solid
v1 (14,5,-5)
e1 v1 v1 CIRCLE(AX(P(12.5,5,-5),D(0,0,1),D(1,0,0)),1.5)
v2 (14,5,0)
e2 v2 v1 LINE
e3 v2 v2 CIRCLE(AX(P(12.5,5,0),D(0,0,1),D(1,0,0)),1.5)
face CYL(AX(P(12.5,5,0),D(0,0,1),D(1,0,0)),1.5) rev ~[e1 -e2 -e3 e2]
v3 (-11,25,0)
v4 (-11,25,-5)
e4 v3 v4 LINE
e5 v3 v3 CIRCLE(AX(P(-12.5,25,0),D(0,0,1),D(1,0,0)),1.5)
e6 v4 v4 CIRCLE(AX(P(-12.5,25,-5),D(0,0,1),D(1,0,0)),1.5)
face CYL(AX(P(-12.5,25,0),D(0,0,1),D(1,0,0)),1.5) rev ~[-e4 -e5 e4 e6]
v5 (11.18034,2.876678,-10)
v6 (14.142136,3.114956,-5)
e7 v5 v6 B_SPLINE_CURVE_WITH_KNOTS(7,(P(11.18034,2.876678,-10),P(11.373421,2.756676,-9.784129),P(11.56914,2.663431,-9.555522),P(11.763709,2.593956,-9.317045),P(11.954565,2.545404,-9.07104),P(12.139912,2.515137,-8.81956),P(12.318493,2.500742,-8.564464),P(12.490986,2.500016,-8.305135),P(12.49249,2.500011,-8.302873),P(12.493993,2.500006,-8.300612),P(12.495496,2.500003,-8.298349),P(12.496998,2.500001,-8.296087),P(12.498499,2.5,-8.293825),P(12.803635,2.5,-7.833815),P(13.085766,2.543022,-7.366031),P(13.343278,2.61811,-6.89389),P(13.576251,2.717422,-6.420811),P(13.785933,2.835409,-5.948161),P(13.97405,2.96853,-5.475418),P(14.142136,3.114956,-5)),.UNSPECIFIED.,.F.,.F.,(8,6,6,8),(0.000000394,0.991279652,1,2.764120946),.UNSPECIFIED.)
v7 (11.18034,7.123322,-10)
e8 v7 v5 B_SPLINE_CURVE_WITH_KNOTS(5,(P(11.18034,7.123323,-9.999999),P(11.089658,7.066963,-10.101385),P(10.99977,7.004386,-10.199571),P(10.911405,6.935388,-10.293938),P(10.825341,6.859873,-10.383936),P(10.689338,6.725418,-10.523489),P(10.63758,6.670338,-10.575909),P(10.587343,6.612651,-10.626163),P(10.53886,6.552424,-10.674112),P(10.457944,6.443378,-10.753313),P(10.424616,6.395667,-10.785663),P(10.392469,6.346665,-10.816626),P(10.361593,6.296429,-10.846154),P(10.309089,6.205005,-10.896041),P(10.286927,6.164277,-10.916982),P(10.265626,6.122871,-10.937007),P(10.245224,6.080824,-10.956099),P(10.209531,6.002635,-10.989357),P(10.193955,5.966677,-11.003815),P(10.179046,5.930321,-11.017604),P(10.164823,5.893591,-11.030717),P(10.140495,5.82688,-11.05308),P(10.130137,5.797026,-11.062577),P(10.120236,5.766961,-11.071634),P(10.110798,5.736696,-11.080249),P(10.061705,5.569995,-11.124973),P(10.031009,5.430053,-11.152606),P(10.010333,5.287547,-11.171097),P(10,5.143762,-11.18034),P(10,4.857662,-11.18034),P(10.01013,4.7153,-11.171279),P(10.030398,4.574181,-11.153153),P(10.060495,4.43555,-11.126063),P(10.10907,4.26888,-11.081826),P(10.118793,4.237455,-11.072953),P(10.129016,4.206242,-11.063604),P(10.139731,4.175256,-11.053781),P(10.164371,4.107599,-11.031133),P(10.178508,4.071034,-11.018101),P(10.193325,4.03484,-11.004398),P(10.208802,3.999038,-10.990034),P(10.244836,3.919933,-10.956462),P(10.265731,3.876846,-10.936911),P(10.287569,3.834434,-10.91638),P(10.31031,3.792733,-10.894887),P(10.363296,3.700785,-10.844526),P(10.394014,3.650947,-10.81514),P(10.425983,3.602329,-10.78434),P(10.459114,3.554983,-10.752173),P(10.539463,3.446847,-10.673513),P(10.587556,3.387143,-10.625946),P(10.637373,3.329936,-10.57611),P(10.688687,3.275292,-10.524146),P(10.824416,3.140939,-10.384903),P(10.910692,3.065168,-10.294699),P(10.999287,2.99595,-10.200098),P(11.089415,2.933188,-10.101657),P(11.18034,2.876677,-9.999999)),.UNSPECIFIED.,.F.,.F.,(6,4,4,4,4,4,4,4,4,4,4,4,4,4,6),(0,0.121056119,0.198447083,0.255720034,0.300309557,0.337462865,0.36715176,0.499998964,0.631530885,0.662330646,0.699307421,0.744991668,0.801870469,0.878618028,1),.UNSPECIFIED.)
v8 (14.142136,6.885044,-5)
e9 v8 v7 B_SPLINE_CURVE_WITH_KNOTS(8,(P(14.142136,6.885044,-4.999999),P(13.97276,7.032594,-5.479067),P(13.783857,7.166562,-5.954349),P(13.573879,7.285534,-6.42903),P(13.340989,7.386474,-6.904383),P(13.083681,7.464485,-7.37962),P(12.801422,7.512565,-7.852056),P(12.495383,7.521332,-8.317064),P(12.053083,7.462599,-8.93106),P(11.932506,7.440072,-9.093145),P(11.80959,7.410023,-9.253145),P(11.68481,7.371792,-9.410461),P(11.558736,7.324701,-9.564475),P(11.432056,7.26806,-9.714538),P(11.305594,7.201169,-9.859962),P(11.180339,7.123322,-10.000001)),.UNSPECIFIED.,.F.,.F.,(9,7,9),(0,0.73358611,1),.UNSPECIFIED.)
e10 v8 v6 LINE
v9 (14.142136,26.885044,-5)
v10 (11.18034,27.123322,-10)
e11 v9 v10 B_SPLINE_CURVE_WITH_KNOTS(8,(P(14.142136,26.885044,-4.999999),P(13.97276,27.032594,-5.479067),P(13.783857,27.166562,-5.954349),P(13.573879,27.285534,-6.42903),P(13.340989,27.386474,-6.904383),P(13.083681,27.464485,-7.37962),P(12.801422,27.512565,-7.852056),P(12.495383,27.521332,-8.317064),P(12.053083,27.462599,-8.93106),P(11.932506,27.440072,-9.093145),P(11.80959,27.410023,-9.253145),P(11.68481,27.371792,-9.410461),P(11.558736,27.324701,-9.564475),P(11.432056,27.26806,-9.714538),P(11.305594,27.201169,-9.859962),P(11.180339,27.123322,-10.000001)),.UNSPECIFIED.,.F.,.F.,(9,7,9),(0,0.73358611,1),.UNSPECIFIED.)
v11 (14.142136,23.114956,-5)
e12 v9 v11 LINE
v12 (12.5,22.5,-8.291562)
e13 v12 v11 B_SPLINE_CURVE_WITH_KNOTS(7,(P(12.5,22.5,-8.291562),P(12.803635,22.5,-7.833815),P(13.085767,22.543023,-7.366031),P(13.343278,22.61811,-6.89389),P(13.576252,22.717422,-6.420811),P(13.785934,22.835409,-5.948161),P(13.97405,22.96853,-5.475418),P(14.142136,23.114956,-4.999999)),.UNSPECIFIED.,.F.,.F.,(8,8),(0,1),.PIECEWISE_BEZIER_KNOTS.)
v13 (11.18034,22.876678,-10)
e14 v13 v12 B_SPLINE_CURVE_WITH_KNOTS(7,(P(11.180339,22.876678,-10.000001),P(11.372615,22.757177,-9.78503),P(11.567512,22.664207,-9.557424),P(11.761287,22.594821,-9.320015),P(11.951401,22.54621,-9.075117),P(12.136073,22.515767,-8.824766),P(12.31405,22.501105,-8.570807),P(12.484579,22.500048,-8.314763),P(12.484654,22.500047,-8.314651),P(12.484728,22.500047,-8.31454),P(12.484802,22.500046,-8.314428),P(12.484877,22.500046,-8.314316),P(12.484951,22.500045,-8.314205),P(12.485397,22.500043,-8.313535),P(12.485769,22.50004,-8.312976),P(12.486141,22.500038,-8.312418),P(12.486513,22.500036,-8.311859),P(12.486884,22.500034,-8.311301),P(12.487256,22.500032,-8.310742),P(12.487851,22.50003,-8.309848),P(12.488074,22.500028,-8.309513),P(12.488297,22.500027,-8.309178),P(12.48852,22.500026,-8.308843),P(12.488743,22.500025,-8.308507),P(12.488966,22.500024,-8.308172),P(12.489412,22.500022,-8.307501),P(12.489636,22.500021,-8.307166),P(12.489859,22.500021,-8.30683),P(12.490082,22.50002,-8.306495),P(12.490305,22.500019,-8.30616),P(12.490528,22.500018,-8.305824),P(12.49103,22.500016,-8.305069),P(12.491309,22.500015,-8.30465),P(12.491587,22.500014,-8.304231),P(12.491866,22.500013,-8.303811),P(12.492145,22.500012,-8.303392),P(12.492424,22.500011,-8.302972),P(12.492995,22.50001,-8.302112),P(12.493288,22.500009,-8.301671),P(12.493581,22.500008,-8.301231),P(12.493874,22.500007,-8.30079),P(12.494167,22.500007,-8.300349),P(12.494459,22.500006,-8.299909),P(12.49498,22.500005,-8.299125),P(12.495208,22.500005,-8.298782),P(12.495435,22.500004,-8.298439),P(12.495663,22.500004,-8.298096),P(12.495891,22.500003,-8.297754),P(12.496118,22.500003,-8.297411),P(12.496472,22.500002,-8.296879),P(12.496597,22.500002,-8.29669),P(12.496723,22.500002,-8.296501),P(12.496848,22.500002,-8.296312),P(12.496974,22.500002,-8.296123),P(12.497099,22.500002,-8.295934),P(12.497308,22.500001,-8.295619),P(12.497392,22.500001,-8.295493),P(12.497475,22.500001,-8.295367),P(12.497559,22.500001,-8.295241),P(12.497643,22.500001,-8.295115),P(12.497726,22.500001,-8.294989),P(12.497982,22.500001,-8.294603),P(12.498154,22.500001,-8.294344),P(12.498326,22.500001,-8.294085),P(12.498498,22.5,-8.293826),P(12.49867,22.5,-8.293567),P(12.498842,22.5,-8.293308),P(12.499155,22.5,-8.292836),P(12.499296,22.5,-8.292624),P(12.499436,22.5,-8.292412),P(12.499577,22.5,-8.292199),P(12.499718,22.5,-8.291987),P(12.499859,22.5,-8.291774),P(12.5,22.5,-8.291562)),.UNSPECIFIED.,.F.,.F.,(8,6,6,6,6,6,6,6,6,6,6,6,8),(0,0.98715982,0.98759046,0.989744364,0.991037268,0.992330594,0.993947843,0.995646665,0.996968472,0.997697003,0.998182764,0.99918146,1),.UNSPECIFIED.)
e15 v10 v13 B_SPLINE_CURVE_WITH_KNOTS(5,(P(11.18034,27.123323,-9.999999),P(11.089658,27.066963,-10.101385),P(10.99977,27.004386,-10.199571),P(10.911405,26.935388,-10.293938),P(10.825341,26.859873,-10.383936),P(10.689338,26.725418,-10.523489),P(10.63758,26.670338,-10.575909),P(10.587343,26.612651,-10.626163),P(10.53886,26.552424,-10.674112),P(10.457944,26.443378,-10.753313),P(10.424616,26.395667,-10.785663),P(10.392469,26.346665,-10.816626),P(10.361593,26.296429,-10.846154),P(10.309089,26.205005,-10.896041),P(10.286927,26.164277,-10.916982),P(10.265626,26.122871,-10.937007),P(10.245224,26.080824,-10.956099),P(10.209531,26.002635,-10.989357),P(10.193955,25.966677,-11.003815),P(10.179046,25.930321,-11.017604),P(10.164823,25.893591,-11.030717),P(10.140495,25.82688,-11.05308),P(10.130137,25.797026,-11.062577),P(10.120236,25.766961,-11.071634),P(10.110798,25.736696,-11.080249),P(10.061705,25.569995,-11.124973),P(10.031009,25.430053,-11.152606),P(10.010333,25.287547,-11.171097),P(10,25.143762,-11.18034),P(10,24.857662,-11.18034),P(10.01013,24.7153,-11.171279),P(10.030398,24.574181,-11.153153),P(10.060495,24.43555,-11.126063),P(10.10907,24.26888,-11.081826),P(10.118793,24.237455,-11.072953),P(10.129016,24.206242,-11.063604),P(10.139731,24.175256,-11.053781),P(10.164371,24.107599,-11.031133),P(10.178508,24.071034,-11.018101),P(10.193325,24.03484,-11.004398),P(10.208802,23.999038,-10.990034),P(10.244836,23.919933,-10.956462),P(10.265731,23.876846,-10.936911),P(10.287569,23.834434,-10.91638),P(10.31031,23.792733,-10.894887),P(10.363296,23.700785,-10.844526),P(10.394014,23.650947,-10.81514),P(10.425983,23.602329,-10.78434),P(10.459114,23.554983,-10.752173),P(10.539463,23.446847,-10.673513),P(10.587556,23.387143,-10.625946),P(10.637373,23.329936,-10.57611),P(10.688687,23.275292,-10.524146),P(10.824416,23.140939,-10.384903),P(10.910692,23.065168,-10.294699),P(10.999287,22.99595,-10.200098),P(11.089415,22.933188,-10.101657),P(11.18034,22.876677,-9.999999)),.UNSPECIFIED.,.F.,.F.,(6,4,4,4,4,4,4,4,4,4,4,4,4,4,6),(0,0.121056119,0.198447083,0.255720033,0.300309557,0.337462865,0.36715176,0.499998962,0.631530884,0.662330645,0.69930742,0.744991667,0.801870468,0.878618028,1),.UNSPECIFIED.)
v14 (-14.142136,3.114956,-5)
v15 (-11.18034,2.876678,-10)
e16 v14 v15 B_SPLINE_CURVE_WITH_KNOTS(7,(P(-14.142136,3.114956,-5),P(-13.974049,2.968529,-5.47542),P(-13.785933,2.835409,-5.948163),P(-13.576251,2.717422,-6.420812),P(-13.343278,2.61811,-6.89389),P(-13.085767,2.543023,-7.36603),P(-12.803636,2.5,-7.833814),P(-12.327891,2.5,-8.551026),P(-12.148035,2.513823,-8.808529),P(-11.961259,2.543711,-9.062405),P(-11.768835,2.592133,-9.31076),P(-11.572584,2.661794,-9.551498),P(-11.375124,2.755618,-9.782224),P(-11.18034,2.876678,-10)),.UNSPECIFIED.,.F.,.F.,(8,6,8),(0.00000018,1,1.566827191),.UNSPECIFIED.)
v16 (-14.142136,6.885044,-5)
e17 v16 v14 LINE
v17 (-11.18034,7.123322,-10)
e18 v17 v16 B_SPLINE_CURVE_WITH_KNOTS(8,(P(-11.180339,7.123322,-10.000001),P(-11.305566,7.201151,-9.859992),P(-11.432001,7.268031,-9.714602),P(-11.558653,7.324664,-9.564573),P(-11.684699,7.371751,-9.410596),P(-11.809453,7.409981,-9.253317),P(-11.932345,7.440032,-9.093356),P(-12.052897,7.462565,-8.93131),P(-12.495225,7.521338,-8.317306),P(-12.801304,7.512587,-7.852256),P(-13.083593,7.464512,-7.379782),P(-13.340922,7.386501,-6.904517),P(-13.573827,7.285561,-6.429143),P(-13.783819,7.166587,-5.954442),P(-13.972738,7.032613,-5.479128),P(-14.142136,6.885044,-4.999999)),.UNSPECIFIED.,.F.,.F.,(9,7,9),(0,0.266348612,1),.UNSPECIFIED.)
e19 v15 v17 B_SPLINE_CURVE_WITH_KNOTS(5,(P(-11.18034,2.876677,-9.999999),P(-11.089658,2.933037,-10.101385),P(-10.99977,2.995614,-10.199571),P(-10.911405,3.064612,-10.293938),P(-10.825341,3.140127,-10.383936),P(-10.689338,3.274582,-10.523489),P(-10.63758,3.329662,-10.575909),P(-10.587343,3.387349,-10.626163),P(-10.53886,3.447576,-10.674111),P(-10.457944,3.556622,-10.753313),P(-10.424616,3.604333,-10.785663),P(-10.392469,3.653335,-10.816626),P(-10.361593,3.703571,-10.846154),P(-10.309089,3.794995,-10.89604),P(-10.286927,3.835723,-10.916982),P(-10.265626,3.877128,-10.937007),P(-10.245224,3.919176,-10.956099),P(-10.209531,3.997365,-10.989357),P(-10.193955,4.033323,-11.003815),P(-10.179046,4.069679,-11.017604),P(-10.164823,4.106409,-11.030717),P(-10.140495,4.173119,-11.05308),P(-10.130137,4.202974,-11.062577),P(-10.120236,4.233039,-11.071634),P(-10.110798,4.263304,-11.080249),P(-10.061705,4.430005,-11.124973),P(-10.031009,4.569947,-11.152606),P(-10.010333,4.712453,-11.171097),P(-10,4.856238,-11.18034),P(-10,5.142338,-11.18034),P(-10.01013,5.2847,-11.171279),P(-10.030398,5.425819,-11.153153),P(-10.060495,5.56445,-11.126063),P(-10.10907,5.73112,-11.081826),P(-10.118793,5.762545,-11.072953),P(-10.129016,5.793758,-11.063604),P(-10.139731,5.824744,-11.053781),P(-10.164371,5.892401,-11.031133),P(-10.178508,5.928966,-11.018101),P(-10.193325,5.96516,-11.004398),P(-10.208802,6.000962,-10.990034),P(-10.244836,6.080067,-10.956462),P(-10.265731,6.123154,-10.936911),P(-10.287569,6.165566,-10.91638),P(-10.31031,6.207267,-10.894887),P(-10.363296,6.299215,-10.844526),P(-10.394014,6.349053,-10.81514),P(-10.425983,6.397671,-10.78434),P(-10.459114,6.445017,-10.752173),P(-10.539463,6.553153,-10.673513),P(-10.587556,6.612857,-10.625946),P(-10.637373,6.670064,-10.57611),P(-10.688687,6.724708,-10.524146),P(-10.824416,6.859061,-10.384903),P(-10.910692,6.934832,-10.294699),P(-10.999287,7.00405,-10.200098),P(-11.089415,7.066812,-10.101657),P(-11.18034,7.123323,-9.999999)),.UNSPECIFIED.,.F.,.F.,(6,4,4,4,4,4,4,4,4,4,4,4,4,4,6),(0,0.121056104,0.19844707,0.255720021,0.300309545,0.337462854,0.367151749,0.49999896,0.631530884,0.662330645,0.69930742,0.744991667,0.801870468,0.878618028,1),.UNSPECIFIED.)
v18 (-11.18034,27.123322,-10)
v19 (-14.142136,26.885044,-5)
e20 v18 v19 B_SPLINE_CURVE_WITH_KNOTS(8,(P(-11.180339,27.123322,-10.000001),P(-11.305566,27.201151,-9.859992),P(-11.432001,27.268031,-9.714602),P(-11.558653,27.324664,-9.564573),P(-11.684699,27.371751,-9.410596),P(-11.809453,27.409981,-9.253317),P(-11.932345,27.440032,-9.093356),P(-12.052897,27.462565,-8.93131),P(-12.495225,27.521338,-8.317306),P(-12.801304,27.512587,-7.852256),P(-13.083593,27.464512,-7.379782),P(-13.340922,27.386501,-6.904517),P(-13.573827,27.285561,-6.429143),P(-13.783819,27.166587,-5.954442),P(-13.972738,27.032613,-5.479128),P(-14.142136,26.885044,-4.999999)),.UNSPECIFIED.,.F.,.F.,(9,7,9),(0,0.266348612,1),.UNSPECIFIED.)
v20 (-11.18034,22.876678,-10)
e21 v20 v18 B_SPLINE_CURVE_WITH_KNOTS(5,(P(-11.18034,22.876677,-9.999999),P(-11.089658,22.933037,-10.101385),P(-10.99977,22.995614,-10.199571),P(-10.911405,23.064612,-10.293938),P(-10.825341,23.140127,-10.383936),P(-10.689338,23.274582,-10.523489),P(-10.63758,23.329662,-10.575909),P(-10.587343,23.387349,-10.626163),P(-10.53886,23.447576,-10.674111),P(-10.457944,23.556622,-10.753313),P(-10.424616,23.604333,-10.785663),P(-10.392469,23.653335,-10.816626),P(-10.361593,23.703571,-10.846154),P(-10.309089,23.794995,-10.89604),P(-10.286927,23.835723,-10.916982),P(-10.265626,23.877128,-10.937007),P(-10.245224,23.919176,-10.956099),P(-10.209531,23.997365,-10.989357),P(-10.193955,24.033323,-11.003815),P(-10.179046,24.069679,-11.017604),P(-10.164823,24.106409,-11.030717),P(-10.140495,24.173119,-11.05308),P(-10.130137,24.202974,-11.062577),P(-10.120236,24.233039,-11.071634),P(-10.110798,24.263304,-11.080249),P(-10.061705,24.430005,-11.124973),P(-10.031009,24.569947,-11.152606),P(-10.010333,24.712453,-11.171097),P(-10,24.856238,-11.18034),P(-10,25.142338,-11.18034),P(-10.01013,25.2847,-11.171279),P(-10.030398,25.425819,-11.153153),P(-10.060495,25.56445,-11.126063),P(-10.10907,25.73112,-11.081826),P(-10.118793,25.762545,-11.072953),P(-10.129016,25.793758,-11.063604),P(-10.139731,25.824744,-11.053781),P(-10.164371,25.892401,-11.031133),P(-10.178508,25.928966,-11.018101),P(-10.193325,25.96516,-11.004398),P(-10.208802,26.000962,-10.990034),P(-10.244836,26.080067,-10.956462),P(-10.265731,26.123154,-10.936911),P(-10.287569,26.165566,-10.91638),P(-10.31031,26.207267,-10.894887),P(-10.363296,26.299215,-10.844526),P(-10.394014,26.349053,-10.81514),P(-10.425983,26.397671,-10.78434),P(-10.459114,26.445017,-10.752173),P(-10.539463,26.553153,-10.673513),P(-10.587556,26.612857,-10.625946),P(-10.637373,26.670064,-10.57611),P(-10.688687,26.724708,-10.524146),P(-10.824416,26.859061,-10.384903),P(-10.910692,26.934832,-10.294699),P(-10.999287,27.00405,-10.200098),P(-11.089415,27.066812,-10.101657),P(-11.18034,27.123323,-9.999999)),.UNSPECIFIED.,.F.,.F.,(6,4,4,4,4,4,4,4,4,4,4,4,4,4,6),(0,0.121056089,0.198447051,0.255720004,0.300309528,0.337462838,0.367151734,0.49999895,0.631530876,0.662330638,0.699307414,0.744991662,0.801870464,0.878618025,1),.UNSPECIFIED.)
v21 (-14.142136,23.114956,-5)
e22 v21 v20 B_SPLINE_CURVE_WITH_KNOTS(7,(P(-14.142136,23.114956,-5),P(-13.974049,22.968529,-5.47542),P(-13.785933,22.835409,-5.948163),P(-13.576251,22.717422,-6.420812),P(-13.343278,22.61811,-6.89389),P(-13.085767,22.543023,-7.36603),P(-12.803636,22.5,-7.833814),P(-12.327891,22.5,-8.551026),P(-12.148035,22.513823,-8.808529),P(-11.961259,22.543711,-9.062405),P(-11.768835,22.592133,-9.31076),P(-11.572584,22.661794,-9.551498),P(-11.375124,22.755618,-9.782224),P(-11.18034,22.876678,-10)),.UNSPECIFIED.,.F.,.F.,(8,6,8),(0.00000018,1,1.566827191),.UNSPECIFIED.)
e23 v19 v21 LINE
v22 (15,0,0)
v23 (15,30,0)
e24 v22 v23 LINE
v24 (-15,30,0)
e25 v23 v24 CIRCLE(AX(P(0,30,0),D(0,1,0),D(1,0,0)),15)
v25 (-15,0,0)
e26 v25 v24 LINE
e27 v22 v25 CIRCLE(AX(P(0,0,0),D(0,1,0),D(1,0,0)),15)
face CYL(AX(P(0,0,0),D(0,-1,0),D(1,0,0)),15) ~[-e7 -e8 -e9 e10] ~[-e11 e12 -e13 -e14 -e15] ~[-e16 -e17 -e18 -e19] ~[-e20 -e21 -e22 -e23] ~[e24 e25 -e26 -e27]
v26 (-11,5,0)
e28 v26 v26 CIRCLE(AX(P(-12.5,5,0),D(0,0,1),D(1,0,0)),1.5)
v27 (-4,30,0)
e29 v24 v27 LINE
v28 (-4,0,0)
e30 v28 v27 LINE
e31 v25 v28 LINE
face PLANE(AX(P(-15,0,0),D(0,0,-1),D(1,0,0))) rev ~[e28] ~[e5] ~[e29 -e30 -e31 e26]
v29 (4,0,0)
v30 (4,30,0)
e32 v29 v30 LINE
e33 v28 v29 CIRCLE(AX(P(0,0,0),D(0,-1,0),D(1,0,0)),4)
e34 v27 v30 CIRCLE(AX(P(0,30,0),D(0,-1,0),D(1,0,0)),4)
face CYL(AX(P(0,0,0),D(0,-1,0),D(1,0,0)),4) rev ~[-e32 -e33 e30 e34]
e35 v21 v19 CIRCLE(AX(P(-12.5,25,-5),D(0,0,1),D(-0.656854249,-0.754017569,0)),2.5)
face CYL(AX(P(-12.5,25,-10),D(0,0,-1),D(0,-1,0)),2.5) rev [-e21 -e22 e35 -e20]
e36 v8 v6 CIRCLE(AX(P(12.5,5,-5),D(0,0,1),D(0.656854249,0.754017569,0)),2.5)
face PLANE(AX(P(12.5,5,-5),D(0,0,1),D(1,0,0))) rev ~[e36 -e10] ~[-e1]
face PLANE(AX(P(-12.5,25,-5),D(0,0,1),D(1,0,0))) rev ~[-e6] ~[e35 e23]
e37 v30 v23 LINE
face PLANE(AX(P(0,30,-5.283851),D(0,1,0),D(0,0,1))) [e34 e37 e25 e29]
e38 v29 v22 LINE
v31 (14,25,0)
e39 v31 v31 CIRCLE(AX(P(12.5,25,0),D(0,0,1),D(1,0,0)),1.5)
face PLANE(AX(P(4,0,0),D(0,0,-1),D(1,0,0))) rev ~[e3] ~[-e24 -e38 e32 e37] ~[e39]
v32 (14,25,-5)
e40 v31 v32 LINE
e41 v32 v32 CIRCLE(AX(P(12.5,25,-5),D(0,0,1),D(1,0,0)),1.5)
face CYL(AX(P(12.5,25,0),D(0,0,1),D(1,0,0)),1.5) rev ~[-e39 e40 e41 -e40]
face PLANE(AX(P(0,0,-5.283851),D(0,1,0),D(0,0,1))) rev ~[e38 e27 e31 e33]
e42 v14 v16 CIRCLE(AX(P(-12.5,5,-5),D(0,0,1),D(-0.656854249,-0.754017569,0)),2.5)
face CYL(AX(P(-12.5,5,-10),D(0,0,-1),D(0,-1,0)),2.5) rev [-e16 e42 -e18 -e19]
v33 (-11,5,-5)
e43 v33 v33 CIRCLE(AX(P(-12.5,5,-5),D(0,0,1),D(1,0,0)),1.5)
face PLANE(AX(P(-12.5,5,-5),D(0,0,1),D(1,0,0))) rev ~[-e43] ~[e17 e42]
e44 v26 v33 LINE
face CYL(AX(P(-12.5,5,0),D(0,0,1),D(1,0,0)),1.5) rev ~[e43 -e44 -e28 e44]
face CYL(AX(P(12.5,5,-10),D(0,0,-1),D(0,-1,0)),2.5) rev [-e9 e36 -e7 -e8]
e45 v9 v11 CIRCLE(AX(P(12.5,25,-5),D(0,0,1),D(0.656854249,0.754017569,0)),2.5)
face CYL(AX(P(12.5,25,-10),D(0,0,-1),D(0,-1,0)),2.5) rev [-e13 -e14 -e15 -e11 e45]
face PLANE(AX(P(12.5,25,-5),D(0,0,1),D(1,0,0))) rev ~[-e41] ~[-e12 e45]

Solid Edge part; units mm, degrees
sketch "Sketch1" plane through (0, 0, 0) normal (0, -1, 0) x (1, 0, 0)
  line L0 (4, 0) -> (15, 0)
  line L1 (-15, 0) -> (-4, 0)
  arc A0 (-4, 0) -> (4, 0) centre (0, 0) ccw
  arc A1 (15, 0) -> (-15, 0) centre (0, 0) cw
extrude "Protrusion1" add sketch "Sketch1" against normal blind 30
sketch "Sketch2" plane through (-9.5, 15, 0) normal (0, 0, 1) x (1, 0, 0)
  circle A0 centre (-3, 10) radius 1.5
  circle A1 centre (22, 10) radius 1.5
  circle A2 centre (22, -10) radius 1.5
  circle A3 centre (-3, -10) radius 1.5
extrude "ExtrudedCutout_1" cut sketch "Sketch2" against normal blind 20
sketch "Sketch3" plane through (9.5, 15, -10) normal (0, 0, 1) x (0, -1, 0)
  circle A0 centre (-10, 3) radius 2.5
  circle A1 centre (10, 3) radius 2.5
  circle A2 centre (-10, -22) radius 2.5
  circle A3 centre (10, -22) radius 2.5
extrude "ExtrudedCutout_2" cut sketch "Sketch3" along normal mid plane 10
